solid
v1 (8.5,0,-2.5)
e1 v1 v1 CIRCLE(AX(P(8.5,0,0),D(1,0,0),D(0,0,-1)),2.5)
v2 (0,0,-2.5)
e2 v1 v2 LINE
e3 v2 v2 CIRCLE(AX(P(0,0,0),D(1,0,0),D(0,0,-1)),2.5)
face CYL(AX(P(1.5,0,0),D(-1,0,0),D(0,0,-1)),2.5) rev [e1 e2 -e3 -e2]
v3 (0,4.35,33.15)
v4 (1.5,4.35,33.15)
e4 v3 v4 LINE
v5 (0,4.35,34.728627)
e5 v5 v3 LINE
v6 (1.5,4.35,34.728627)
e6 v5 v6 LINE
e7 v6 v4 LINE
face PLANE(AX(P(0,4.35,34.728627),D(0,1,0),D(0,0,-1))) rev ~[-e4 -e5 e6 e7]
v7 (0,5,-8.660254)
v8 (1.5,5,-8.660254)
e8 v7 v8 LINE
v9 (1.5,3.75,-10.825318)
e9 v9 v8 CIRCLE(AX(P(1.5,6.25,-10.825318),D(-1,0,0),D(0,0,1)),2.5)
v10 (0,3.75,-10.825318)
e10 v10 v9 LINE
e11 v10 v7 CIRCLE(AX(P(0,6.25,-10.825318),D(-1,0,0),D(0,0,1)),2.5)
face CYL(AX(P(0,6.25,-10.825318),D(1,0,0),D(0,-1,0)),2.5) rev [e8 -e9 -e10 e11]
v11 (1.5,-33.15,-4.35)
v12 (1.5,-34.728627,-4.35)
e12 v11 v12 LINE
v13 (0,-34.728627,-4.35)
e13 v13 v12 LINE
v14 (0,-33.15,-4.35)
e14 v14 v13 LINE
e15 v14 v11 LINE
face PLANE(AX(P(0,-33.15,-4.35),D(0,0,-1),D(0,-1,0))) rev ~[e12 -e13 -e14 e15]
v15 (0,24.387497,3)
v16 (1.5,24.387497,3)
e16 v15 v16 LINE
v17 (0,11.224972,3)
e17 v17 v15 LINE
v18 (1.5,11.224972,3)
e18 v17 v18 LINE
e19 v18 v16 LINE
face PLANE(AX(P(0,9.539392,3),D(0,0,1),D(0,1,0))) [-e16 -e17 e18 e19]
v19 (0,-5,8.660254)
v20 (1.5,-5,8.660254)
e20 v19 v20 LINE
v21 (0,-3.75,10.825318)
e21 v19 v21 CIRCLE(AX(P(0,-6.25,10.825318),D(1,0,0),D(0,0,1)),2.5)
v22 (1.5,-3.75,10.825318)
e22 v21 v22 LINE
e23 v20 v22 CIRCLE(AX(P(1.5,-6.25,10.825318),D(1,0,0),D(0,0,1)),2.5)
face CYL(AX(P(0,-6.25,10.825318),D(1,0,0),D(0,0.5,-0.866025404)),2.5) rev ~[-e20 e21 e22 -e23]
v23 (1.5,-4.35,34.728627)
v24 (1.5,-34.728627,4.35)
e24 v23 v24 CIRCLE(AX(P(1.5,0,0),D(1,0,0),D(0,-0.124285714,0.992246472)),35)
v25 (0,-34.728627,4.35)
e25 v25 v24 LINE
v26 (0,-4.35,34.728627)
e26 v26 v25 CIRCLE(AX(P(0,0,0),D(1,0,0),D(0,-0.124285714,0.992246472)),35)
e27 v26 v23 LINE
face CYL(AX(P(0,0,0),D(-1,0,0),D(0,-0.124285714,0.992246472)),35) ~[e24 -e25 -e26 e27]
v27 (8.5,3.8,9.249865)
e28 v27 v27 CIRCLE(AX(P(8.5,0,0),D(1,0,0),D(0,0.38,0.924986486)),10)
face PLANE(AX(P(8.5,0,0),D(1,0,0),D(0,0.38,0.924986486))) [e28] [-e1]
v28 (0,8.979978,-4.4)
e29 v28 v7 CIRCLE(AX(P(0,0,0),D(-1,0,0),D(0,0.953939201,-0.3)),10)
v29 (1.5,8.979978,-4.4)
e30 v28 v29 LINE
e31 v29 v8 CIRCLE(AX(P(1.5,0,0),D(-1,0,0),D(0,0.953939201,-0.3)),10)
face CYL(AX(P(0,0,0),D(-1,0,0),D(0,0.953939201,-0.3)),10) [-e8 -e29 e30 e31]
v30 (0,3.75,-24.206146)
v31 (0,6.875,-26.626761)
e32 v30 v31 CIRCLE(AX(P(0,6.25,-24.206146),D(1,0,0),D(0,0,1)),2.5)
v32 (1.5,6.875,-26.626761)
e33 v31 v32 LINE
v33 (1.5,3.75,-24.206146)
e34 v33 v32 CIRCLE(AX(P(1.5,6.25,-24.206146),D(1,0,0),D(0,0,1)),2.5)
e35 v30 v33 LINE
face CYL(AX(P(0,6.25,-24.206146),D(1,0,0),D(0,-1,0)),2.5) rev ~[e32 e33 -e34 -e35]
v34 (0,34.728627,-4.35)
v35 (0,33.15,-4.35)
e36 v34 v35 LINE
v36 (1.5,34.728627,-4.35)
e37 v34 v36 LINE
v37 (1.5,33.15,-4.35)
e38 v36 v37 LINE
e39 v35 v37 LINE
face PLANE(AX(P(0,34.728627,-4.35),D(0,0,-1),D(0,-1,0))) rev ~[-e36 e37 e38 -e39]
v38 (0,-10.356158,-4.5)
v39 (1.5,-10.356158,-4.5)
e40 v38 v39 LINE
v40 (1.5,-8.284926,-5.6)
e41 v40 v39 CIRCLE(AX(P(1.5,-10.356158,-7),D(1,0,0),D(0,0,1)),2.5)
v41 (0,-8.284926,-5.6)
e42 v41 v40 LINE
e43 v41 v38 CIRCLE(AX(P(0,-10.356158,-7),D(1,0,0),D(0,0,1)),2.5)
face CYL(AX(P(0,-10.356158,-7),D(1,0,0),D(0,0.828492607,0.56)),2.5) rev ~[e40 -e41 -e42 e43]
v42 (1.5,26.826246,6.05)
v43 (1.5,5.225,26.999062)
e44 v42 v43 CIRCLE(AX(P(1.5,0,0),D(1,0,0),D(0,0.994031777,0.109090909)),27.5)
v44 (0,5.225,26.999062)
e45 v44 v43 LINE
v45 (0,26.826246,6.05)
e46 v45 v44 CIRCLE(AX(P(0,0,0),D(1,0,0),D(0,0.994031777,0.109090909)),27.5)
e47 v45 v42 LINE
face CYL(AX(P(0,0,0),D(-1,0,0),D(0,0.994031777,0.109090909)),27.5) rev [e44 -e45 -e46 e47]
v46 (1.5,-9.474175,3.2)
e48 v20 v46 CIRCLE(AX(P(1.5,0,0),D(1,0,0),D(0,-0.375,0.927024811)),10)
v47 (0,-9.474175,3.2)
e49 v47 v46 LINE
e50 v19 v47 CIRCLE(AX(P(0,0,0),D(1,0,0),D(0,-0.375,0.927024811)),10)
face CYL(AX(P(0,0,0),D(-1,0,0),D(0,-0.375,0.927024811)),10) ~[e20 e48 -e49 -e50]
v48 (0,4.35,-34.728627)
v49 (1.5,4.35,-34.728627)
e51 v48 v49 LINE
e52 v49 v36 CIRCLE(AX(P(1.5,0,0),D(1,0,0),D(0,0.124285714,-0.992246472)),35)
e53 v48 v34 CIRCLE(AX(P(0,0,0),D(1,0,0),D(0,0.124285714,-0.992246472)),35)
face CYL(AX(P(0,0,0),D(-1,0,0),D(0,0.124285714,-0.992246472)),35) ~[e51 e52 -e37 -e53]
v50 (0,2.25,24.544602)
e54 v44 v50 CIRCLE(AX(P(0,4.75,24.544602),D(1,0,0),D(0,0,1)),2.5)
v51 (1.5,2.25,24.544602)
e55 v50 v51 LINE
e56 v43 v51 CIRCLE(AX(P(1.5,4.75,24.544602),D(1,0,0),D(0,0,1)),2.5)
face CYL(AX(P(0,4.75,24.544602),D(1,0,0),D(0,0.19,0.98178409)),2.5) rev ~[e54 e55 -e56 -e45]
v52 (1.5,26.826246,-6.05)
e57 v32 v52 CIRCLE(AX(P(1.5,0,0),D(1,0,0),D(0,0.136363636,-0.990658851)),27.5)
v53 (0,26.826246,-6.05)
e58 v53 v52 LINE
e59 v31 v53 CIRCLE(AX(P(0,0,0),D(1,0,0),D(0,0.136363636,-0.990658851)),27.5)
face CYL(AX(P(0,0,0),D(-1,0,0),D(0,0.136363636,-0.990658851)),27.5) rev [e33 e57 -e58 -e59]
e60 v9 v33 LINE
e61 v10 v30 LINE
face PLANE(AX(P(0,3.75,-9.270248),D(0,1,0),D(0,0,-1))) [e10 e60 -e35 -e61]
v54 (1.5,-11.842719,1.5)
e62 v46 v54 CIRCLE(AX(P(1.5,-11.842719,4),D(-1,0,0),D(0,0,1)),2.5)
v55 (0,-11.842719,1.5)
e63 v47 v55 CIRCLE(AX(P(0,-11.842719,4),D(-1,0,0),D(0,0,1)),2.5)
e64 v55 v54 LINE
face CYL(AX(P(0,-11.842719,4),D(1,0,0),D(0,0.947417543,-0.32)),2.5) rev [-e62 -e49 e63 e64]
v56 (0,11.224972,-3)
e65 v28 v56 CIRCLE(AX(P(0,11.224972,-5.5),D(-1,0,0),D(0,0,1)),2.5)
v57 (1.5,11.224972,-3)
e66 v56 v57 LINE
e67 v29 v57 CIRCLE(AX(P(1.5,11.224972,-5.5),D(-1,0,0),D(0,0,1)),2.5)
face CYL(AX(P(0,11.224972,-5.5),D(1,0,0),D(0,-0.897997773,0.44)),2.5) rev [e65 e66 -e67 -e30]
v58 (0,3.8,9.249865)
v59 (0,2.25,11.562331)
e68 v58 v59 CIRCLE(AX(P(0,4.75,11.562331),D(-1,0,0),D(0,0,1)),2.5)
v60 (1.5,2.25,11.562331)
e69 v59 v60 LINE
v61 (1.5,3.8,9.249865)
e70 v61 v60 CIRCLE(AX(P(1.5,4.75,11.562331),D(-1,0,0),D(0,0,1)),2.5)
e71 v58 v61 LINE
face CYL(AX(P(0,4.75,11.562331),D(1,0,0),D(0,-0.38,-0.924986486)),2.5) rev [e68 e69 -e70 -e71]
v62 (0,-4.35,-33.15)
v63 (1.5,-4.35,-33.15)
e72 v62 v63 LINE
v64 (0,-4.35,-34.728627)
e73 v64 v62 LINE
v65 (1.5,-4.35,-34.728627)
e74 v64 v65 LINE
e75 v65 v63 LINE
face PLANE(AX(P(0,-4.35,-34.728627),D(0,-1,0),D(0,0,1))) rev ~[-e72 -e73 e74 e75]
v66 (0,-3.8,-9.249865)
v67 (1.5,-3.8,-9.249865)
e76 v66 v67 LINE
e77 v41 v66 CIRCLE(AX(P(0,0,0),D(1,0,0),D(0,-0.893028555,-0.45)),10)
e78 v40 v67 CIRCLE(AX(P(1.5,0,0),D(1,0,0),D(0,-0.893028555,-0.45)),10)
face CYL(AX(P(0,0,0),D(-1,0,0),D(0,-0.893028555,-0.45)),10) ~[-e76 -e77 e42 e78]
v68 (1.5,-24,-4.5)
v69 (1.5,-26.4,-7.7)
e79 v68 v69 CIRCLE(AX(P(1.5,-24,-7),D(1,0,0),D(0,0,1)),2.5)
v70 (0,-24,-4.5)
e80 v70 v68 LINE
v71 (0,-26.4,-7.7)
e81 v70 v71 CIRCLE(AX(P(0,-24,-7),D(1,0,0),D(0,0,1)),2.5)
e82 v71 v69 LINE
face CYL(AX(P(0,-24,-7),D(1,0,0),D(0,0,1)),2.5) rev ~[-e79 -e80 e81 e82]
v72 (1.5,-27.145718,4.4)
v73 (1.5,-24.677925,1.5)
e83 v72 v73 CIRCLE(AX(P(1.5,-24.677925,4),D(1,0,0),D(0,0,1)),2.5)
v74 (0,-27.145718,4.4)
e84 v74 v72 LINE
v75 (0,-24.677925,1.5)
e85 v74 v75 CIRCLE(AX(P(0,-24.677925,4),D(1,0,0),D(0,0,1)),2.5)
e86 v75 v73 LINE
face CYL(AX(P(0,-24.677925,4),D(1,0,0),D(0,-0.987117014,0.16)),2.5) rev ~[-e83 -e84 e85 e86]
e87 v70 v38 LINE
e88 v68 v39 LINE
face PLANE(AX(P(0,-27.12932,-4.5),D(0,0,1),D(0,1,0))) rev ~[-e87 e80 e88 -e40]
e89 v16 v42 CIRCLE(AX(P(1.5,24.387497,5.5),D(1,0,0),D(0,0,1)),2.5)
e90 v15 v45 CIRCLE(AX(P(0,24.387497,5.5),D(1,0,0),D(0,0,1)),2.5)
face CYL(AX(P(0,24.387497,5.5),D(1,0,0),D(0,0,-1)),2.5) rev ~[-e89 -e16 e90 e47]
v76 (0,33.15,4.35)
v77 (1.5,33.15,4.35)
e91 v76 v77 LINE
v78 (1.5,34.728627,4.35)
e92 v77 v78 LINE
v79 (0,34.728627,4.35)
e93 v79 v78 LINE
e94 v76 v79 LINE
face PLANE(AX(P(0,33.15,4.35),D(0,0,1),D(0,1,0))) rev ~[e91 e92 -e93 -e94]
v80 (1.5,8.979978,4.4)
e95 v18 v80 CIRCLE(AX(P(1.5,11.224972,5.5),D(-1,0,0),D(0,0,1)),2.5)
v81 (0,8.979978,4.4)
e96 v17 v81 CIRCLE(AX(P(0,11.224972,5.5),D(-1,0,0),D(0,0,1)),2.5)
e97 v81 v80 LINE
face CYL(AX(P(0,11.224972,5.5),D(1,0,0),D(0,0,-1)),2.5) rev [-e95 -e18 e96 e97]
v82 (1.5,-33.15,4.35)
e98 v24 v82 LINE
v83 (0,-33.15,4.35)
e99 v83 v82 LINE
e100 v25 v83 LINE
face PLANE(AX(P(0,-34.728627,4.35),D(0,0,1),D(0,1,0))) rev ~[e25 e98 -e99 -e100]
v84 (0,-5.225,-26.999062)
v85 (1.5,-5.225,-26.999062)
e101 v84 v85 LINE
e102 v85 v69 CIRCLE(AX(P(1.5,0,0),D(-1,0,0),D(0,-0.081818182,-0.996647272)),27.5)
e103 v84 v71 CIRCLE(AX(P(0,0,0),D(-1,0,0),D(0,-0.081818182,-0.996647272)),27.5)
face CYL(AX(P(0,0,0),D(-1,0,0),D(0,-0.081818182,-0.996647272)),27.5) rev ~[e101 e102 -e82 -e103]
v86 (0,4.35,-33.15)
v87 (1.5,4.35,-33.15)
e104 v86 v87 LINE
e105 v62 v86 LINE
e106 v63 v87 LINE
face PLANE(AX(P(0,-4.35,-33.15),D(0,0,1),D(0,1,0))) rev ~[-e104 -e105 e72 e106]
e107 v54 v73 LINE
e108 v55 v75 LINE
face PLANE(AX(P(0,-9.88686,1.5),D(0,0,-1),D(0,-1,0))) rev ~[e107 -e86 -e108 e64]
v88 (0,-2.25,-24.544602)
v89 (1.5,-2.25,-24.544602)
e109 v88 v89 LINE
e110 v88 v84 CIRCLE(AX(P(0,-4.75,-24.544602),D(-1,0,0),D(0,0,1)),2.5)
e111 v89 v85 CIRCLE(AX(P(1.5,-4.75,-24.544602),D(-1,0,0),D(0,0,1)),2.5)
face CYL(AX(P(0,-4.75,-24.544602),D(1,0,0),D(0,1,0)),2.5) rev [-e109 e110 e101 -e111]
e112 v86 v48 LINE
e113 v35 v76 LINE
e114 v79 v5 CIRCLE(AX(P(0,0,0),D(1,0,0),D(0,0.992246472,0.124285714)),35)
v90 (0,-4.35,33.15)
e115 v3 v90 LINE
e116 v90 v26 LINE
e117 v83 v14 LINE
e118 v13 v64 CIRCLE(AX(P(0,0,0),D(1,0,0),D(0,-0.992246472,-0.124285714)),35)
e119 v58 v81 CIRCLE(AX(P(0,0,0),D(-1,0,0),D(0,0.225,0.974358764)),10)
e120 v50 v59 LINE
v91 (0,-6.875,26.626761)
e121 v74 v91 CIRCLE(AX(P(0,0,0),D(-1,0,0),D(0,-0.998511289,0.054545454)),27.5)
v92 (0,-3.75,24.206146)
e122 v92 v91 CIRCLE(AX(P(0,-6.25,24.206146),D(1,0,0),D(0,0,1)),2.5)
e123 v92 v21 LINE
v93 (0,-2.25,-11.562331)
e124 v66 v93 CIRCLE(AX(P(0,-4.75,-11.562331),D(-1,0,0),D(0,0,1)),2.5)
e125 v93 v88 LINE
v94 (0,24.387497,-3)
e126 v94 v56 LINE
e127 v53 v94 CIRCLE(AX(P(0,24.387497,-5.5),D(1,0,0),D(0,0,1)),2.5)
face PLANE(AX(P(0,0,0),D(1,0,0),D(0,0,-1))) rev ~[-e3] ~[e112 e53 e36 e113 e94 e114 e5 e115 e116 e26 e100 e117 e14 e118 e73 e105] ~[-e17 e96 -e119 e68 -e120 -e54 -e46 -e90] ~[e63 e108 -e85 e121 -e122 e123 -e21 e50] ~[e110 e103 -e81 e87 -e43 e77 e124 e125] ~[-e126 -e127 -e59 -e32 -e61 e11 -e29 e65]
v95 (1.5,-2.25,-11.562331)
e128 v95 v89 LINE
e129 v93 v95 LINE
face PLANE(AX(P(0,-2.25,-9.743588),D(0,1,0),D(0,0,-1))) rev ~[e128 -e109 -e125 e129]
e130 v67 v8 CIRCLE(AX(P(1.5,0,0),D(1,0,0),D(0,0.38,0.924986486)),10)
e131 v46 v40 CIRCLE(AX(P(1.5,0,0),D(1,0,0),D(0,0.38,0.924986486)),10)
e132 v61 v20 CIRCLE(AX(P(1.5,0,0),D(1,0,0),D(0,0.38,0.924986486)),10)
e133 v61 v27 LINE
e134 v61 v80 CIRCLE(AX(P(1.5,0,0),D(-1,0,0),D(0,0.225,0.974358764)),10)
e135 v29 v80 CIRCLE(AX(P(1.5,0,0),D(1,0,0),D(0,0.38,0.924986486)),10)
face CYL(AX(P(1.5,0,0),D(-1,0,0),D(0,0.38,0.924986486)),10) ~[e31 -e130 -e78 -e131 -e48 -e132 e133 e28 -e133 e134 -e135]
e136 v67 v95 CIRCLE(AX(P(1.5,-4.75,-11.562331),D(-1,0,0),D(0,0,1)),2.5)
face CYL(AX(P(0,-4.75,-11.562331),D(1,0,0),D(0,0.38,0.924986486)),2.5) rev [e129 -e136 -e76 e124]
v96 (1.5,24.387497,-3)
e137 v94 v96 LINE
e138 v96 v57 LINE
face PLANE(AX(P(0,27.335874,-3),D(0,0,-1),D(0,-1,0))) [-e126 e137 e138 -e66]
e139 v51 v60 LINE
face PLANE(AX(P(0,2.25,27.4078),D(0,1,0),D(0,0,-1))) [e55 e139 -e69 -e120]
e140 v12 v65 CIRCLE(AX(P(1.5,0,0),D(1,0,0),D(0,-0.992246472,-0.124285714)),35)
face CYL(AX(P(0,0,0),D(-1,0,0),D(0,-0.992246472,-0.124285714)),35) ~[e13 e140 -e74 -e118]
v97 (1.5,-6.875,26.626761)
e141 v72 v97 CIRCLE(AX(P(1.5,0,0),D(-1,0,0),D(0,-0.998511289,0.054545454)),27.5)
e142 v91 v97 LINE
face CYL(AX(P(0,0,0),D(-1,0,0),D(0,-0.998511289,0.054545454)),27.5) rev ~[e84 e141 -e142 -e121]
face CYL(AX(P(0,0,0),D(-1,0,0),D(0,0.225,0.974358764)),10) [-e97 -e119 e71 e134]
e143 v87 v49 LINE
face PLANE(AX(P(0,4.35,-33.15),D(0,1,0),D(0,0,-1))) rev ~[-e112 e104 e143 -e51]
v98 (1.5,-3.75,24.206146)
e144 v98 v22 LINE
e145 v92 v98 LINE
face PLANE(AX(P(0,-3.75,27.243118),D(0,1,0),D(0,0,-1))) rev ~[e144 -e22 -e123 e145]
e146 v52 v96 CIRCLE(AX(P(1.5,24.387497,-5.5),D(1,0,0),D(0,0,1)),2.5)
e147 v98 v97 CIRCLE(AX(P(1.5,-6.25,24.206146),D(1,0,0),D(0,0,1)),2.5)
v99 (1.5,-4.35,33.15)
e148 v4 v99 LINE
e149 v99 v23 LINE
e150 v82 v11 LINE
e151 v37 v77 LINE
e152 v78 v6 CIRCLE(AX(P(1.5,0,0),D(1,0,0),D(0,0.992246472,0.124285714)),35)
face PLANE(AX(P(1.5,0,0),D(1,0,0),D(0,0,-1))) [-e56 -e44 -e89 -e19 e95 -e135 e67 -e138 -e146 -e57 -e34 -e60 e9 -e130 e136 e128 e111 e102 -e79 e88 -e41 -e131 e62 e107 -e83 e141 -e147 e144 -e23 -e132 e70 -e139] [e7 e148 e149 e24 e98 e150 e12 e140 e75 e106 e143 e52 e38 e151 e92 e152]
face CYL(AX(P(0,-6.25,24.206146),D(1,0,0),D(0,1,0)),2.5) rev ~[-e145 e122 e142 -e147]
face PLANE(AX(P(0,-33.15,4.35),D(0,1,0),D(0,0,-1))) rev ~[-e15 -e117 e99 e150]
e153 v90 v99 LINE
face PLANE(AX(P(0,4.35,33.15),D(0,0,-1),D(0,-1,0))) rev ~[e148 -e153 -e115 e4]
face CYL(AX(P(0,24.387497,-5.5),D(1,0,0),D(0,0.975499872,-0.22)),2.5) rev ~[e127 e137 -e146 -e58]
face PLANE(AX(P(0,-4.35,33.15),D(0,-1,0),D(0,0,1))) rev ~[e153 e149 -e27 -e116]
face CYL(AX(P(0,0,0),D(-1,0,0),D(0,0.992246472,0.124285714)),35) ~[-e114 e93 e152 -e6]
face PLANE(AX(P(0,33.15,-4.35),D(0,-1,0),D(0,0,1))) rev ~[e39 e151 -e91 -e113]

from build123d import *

# Parameters (mm, degrees)
SKETCH1_R           = 2.5
BOSS_EXTRUDE3_DEPTH = 1.5
FILLET1_R           = 2.5
SKETCH3_R           = 10
SKETCH3_R_2         = 2.5
BOSS_EXTRUDE4_DEPTH = 7


with BuildPart() as part:
    # Sketch1 → Boss-Extrude3 (new body)
    with BuildSketch(Plane(origin=(0, 0, 0), x_dir=(0, 0, -1), z_dir=(1, 0, 0))):
        with BuildLine():
            Line((-34.72862652, 4.35), (-33.15, 4.35))
            Line((-33.15, 4.35), (-33.15, -4.35))
            Line((-33.15, -4.35), (-34.72862652, -4.35))
            ThreePointArc((-34.72862652, -4.35), (-24.748737342, -24.748737342), (-4.35, -34.72862652))
            Line((-4.35, -34.72862652), (-4.35, -33.15))
            Line((-4.35, -33.15), (4.35, -33.15))
            Line((4.35, -33.15), (4.35, -34.72862652))
            ThreePointArc((4.35, -34.72862652), (24.748737342, -24.748737342), (34.72862652, -4.35))
            Line((34.72862652, -4.35), (33.15, -4.35))
            Line((33.15, -4.35), (33.15, 4.35))
            Line((33.15, 4.35), (34.72862652, 4.35))
            ThreePointArc((34.72862652, 4.35), (24.748737342, 24.748737342), (4.35, 34.72862652))
            Line((4.35, 34.72862652), (4.35, 33.15))
            Line((4.35, 33.15), (-4.35, 33.15))
            Line((-4.35, 33.15), (-4.35, 34.72862652))
            ThreePointArc((-4.35, 34.72862652), (-24.748737342, 24.748737342), (-34.72862652, 4.35))
        make_face()
        Circle(SKETCH1_R, mode=Mode.SUBTRACT)
        with BuildLine():
            Line((9.270248109, 3.75), (27.243118397, 3.75))
            ThreePointArc((27.243118397, 3.75), (19.17641557, 19.71078603), (3, 27.335873866))
            Line((3, 27.335873866), (3, 9.539392014))
            ThreePointArc((3, 9.539392014), (6.783731432, 7.347175502), (9.270248109, 3.75))
        make_face(mode=Mode.SUBTRACT)
        with BuildLine():
            Line((-3, 9.539392014), (-3, 27.335873866))
            ThreePointArc((-3, 27.335873866), (-19.709993452, 19.177230199), (-27.407799985, 2.25))
            Line((-27.407799985, 2.25), (-9.743587635, 2.25))
            ThreePointArc((-9.743587635, 2.25), (-7.340542585, 6.790908228), (-3, 9.539392014))
        make_face(mode=Mode.SUBTRACT)
        with BuildLine():
            Line((9.743587635, -2.25), (27.407799985, -2.25))
            ThreePointArc((27.407799985, -2.25), (20.230473673, -18.627343744), (4.5, -27.129319933))
            Line((4.5, -27.129319933), (4.5, -8.93028555))
            ThreePointArc((4.5, -8.93028555), (7.866161766, -6.174422974), (9.743587635, -2.25))
        make_face(mode=Mode.SUBTRACT)
        with BuildLine():
            Line((-1.5, -9.886859967), (-1.5, -27.459060435))
            ThreePointArc((-1.5, -27.459060435), (-18.629857769, -20.22815858), (-27.243118397, -3.75))
            Line((-27.243118397, -3.75), (-9.270248109, -3.75))
            ThreePointArc((-9.270248109, -3.75), (-6.197969316, -7.847622338), (-1.5, -9.886859967))
        make_face(mode=Mode.SUBTRACT)
    extrude(amount=BOSS_EXTRUDE3_DEPTH)

    # Fillet1
    fillet1_edges = [part.edges().sort_by_distance(p)[0] for p in [
        (0.75, -9.886859967, 1.5),
        (0.75, -3.75, 9.270248109),
        (0.75, -3.75, 27.243118397),
        (0.75, -27.459060435, 1.5),
        (0.75, 27.335873866, 3),
        (0.75, 2.25, 27.407799985),
        (0.75, 2.25, 9.743587635),
        (0.75, 9.539392014, 3),
        (0.75, 3.75, -27.243118397),
        (0.75, 27.335873866, -3),
        (0.75, 9.539392014, -3),
        (0.75, 3.75, -9.270248109),
        (0.75, -2.25, -9.743587635),
        (0.75, -8.93028555, -4.5),
        (0.75, -27.129319933, -4.5),
        (0.75, -2.25, -27.407799985),
    ]]
    fillet(fillet1_edges, radius=FILLET1_R)

    # Sketch3 → Boss-Extrude4 (add)
    with BuildSketch(Plane(origin=(1.5, 0, 0), x_dir=(0, 0, -1), z_dir=(1, 0, 0))):
        with Locations(Location((0, 0, 0), (0, 0, 157.666317342))):
            Circle(SKETCH3_R)
        Circle(SKETCH3_R_2, mode=Mode.SUBTRACT)
    extrude(amount=BOSS_EXTRUDE4_DEPTH)


solid = part.part
